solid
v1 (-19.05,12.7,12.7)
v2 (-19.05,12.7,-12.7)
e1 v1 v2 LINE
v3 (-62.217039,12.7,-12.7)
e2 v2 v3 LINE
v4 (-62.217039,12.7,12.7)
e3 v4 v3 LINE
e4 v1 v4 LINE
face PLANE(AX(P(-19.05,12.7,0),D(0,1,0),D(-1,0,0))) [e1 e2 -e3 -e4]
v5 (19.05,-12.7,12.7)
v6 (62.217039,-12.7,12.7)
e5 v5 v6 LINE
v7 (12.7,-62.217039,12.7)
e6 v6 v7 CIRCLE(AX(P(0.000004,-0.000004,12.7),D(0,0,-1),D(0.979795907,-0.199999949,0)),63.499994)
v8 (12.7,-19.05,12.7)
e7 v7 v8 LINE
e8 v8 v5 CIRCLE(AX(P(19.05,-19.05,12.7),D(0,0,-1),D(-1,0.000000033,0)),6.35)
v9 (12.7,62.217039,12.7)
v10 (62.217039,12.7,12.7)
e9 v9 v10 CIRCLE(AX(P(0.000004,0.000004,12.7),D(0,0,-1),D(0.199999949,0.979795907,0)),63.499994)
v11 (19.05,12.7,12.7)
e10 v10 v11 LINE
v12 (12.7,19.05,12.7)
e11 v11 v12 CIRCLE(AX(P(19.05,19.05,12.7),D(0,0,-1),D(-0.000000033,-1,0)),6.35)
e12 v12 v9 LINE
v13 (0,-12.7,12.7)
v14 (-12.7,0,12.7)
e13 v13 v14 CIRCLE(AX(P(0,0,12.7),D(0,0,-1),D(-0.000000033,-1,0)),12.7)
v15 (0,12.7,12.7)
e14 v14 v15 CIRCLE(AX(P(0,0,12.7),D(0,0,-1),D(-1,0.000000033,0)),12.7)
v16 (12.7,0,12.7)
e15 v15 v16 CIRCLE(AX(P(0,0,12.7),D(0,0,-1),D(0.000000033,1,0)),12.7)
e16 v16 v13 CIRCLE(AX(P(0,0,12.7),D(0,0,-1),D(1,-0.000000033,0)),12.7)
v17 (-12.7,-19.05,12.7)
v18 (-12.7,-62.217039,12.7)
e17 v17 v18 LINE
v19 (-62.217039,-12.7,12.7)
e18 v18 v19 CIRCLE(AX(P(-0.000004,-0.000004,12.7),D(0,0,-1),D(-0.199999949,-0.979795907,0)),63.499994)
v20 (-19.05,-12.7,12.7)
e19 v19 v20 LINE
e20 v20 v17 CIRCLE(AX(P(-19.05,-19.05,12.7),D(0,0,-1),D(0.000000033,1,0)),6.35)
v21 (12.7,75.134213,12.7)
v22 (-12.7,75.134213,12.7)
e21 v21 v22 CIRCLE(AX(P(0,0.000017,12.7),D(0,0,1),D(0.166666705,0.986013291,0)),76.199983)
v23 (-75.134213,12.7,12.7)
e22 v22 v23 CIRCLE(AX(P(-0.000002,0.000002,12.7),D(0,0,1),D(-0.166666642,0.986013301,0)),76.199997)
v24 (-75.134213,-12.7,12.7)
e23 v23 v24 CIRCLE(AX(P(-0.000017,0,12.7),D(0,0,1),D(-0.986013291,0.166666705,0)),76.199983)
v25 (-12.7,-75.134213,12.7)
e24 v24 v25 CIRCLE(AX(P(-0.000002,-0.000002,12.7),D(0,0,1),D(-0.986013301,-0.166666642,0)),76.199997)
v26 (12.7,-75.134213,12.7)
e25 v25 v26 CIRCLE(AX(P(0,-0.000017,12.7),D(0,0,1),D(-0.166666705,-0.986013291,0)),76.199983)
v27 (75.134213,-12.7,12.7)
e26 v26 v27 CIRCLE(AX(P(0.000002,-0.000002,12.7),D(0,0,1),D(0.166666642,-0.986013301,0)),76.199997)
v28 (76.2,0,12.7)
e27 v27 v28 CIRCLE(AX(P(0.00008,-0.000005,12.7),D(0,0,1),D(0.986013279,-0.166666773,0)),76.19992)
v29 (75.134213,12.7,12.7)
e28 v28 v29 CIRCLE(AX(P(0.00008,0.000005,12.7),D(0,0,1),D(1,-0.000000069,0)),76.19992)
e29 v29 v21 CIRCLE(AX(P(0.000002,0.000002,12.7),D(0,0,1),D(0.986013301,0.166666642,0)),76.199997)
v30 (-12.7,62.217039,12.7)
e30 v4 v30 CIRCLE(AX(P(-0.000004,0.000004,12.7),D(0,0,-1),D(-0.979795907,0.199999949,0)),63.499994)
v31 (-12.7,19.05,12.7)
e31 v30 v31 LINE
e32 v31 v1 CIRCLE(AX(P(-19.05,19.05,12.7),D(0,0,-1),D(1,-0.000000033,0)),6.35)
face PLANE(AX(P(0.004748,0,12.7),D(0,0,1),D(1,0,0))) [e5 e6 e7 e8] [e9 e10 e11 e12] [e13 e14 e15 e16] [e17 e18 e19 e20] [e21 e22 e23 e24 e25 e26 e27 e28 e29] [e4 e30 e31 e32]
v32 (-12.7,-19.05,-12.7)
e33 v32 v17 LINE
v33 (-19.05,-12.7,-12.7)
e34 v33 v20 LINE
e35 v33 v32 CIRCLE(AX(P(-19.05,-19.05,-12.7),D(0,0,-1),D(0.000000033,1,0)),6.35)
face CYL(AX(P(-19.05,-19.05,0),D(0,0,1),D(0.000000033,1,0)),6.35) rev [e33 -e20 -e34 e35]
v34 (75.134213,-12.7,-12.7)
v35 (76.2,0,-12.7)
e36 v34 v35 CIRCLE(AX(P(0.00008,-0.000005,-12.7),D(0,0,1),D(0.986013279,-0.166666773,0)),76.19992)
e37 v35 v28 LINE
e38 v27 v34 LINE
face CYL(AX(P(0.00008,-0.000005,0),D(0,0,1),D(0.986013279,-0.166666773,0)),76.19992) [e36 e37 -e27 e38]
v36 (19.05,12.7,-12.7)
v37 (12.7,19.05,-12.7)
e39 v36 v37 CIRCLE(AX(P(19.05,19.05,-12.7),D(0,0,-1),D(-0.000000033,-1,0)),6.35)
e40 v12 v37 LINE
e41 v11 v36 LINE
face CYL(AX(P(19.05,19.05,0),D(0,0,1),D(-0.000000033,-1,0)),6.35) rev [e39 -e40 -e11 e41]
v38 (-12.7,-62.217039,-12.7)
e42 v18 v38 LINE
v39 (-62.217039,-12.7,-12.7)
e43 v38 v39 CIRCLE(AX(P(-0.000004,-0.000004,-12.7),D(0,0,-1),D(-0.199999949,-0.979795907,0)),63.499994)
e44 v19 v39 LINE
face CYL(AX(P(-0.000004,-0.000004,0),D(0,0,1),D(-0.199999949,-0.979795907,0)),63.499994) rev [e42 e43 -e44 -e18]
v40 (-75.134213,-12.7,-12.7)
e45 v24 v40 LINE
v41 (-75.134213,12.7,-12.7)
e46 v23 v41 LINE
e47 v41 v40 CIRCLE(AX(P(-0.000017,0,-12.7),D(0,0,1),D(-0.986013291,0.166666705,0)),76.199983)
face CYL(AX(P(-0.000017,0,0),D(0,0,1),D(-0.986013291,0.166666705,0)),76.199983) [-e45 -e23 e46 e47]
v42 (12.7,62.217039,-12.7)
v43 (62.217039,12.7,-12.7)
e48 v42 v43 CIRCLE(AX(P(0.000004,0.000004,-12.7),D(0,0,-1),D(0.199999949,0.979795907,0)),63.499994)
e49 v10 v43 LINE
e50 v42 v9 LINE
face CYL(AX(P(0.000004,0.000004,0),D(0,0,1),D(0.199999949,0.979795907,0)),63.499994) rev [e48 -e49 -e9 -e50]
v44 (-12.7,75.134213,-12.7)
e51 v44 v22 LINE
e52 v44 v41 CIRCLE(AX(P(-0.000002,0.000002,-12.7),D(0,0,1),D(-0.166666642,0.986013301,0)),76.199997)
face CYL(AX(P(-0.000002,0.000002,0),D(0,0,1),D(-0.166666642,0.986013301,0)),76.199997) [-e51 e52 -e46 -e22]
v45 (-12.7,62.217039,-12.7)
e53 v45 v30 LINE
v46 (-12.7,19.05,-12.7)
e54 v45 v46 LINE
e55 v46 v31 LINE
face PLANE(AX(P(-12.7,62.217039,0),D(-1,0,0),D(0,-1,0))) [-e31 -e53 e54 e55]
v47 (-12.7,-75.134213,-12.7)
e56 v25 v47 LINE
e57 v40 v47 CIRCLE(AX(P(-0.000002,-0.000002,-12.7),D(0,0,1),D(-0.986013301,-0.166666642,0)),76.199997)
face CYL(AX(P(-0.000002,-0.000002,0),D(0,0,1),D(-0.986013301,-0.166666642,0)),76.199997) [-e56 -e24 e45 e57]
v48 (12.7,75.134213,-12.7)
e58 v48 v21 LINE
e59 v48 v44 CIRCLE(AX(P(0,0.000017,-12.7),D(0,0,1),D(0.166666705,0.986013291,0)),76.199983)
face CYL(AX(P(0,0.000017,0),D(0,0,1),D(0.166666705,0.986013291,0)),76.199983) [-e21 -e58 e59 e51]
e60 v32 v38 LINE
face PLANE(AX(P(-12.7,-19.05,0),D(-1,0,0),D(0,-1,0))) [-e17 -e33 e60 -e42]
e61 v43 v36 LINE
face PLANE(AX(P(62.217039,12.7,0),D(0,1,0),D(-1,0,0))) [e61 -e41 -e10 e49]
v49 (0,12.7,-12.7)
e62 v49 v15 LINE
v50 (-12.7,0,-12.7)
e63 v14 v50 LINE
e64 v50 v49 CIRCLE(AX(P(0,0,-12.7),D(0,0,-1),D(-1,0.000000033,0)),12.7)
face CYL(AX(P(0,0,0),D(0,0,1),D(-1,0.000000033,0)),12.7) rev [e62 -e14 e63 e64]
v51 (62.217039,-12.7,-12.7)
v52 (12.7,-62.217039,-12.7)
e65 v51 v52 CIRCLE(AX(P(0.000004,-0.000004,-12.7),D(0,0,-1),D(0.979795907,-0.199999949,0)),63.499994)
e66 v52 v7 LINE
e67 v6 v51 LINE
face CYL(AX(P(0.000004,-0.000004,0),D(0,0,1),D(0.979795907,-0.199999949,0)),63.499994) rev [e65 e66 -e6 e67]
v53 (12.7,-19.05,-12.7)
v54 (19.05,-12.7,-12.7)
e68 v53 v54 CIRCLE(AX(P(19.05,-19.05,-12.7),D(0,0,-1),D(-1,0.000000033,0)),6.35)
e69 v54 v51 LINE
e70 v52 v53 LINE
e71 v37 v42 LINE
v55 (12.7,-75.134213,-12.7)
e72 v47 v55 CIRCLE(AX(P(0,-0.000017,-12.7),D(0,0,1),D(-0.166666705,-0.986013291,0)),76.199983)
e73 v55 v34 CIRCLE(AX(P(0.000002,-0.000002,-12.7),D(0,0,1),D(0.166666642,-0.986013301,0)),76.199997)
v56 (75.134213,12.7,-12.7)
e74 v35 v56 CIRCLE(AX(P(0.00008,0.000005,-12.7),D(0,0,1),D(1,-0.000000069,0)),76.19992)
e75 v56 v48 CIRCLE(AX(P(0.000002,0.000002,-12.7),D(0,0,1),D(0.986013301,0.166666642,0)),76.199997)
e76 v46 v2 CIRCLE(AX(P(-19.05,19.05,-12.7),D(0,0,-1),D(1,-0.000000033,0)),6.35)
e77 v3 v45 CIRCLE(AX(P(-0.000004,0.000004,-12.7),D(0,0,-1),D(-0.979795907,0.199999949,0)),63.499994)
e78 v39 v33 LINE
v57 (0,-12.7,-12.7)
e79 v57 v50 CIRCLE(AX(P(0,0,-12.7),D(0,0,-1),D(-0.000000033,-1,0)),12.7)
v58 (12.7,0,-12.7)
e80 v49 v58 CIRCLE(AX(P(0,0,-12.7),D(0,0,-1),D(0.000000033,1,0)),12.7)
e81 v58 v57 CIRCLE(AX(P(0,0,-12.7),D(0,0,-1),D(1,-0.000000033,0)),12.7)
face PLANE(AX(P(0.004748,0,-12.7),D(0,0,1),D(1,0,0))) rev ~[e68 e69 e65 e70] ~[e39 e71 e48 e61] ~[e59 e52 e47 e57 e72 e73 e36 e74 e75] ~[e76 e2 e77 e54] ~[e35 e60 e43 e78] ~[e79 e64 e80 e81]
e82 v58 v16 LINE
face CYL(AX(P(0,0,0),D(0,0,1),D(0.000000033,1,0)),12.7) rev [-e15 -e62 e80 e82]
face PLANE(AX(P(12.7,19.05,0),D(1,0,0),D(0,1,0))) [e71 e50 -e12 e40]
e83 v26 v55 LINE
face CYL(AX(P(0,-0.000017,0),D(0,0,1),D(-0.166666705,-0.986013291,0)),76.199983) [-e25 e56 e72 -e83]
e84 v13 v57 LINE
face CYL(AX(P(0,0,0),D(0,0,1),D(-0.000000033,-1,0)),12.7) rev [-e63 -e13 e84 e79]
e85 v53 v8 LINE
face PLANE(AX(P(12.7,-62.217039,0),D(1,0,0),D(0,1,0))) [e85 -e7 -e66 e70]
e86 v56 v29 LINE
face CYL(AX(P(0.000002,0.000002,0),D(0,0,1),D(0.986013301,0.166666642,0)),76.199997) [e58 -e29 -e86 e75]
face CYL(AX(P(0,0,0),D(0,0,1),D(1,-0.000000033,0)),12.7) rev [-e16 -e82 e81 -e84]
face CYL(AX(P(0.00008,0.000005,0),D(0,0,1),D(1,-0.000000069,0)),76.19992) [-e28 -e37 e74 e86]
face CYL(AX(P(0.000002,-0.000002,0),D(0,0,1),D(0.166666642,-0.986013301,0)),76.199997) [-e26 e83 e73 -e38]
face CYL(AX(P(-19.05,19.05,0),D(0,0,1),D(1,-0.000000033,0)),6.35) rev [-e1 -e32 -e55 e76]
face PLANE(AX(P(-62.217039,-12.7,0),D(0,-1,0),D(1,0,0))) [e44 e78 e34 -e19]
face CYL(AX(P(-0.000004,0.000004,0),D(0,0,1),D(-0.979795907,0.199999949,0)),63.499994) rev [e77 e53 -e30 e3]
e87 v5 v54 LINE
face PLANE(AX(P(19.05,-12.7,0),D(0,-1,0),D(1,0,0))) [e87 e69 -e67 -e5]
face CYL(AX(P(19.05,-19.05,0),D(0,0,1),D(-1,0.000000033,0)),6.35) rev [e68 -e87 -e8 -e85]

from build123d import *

# Parameters (mm, degrees)
F1_DEPTH = 12.7


with BuildPart() as f1:
    # F0 (on Top) → F1 (new body, symmetric)
    with BuildSketch(Plane.XY):
        with BuildLine():
            ThreePointArc((75.134213, -12.7), (75.933086, -6.372321), (76.2, 0))
            ThreePointArc((76.2, 0), (75.933086, 6.372321), (75.134213, 12.7))
            ThreePointArc((75.134213, 12.7), (53.881537, 53.881537), (12.7, 75.134213))
            ThreePointArc((12.7, 75.134213), (0, 76.2), (-12.7, 75.134213))
            ThreePointArc((-12.7, 75.134213), (-53.881537, 53.881537), (-75.134213, 12.7))
            ThreePointArc((-75.134213, 12.7), (-76.2, 0), (-75.134213, -12.7))
            ThreePointArc((-75.134213, -12.7), (-53.881537, -53.881537), (-12.7, -75.134213))
            ThreePointArc((-12.7, -75.134213), (0, -76.2), (12.7, -75.134213))
            ThreePointArc((12.7, -75.134213), (53.881537, -53.881537), (75.134213, -12.7))
        make_face()
        with BuildLine():
            ThreePointArc((-19.05, -12.7), (-14.559872, -14.559872), (-12.7, -19.05))
            Line((-12.7, -19.05), (-12.7, -62.217039))
            ThreePointArc((-12.7, -62.217039), (-44.901281, -44.901281), (-62.217039, -12.7))
            Line((-62.217039, -12.7), (-19.05, -12.7))
        make_face(mode=Mode.SUBTRACT)
        with BuildLine():
            Line((12.7, -62.217039), (12.7, -19.05))
            ThreePointArc((12.7, -19.05), (14.559872, -14.559872), (19.05, -12.7))
            Line((19.05, -12.7), (62.217039, -12.7))
            ThreePointArc((62.217039, -12.7), (44.901281, -44.901281), (12.7, -62.217039))
        make_face(mode=Mode.SUBTRACT)
        with BuildLine():
            Line((-12.7, 62.217039), (-12.7, 19.05))
            ThreePointArc((-12.7, 19.05), (-14.559872, 14.559872), (-19.05, 12.7))
            Line((-19.05, 12.7), (-62.217039, 12.7))
            ThreePointArc((-62.217039, 12.7), (-44.901281, 44.901281), (-12.7, 62.217039))
        make_face(mode=Mode.SUBTRACT)
        with BuildLine():
            ThreePointArc((0, 12.7), (8.980256, 8.980256), (12.7, 0))
            ThreePointArc((12.7, 0), (8.980256, -8.980256), (0, -12.7))
            ThreePointArc((0, -12.7), (-8.980256, -8.980256), (-12.7, 0))
            ThreePointArc((-12.7, 0), (-8.980256, 8.980256), (0, 12.7))
        make_face(mode=Mode.SUBTRACT)
        with BuildLine():
            ThreePointArc((12.7, 62.217039), (44.901281, 44.901281), (62.217039, 12.7))
            Line((62.217039, 12.7), (19.05, 12.7))
            ThreePointArc((19.05, 12.7), (14.559872, 14.559872), (12.7, 19.05))
            Line((12.7, 19.05), (12.7, 62.217039))
        make_face(mode=Mode.SUBTRACT)
    extrude(amount=F1_DEPTH, both=True)


solid = f1.part
